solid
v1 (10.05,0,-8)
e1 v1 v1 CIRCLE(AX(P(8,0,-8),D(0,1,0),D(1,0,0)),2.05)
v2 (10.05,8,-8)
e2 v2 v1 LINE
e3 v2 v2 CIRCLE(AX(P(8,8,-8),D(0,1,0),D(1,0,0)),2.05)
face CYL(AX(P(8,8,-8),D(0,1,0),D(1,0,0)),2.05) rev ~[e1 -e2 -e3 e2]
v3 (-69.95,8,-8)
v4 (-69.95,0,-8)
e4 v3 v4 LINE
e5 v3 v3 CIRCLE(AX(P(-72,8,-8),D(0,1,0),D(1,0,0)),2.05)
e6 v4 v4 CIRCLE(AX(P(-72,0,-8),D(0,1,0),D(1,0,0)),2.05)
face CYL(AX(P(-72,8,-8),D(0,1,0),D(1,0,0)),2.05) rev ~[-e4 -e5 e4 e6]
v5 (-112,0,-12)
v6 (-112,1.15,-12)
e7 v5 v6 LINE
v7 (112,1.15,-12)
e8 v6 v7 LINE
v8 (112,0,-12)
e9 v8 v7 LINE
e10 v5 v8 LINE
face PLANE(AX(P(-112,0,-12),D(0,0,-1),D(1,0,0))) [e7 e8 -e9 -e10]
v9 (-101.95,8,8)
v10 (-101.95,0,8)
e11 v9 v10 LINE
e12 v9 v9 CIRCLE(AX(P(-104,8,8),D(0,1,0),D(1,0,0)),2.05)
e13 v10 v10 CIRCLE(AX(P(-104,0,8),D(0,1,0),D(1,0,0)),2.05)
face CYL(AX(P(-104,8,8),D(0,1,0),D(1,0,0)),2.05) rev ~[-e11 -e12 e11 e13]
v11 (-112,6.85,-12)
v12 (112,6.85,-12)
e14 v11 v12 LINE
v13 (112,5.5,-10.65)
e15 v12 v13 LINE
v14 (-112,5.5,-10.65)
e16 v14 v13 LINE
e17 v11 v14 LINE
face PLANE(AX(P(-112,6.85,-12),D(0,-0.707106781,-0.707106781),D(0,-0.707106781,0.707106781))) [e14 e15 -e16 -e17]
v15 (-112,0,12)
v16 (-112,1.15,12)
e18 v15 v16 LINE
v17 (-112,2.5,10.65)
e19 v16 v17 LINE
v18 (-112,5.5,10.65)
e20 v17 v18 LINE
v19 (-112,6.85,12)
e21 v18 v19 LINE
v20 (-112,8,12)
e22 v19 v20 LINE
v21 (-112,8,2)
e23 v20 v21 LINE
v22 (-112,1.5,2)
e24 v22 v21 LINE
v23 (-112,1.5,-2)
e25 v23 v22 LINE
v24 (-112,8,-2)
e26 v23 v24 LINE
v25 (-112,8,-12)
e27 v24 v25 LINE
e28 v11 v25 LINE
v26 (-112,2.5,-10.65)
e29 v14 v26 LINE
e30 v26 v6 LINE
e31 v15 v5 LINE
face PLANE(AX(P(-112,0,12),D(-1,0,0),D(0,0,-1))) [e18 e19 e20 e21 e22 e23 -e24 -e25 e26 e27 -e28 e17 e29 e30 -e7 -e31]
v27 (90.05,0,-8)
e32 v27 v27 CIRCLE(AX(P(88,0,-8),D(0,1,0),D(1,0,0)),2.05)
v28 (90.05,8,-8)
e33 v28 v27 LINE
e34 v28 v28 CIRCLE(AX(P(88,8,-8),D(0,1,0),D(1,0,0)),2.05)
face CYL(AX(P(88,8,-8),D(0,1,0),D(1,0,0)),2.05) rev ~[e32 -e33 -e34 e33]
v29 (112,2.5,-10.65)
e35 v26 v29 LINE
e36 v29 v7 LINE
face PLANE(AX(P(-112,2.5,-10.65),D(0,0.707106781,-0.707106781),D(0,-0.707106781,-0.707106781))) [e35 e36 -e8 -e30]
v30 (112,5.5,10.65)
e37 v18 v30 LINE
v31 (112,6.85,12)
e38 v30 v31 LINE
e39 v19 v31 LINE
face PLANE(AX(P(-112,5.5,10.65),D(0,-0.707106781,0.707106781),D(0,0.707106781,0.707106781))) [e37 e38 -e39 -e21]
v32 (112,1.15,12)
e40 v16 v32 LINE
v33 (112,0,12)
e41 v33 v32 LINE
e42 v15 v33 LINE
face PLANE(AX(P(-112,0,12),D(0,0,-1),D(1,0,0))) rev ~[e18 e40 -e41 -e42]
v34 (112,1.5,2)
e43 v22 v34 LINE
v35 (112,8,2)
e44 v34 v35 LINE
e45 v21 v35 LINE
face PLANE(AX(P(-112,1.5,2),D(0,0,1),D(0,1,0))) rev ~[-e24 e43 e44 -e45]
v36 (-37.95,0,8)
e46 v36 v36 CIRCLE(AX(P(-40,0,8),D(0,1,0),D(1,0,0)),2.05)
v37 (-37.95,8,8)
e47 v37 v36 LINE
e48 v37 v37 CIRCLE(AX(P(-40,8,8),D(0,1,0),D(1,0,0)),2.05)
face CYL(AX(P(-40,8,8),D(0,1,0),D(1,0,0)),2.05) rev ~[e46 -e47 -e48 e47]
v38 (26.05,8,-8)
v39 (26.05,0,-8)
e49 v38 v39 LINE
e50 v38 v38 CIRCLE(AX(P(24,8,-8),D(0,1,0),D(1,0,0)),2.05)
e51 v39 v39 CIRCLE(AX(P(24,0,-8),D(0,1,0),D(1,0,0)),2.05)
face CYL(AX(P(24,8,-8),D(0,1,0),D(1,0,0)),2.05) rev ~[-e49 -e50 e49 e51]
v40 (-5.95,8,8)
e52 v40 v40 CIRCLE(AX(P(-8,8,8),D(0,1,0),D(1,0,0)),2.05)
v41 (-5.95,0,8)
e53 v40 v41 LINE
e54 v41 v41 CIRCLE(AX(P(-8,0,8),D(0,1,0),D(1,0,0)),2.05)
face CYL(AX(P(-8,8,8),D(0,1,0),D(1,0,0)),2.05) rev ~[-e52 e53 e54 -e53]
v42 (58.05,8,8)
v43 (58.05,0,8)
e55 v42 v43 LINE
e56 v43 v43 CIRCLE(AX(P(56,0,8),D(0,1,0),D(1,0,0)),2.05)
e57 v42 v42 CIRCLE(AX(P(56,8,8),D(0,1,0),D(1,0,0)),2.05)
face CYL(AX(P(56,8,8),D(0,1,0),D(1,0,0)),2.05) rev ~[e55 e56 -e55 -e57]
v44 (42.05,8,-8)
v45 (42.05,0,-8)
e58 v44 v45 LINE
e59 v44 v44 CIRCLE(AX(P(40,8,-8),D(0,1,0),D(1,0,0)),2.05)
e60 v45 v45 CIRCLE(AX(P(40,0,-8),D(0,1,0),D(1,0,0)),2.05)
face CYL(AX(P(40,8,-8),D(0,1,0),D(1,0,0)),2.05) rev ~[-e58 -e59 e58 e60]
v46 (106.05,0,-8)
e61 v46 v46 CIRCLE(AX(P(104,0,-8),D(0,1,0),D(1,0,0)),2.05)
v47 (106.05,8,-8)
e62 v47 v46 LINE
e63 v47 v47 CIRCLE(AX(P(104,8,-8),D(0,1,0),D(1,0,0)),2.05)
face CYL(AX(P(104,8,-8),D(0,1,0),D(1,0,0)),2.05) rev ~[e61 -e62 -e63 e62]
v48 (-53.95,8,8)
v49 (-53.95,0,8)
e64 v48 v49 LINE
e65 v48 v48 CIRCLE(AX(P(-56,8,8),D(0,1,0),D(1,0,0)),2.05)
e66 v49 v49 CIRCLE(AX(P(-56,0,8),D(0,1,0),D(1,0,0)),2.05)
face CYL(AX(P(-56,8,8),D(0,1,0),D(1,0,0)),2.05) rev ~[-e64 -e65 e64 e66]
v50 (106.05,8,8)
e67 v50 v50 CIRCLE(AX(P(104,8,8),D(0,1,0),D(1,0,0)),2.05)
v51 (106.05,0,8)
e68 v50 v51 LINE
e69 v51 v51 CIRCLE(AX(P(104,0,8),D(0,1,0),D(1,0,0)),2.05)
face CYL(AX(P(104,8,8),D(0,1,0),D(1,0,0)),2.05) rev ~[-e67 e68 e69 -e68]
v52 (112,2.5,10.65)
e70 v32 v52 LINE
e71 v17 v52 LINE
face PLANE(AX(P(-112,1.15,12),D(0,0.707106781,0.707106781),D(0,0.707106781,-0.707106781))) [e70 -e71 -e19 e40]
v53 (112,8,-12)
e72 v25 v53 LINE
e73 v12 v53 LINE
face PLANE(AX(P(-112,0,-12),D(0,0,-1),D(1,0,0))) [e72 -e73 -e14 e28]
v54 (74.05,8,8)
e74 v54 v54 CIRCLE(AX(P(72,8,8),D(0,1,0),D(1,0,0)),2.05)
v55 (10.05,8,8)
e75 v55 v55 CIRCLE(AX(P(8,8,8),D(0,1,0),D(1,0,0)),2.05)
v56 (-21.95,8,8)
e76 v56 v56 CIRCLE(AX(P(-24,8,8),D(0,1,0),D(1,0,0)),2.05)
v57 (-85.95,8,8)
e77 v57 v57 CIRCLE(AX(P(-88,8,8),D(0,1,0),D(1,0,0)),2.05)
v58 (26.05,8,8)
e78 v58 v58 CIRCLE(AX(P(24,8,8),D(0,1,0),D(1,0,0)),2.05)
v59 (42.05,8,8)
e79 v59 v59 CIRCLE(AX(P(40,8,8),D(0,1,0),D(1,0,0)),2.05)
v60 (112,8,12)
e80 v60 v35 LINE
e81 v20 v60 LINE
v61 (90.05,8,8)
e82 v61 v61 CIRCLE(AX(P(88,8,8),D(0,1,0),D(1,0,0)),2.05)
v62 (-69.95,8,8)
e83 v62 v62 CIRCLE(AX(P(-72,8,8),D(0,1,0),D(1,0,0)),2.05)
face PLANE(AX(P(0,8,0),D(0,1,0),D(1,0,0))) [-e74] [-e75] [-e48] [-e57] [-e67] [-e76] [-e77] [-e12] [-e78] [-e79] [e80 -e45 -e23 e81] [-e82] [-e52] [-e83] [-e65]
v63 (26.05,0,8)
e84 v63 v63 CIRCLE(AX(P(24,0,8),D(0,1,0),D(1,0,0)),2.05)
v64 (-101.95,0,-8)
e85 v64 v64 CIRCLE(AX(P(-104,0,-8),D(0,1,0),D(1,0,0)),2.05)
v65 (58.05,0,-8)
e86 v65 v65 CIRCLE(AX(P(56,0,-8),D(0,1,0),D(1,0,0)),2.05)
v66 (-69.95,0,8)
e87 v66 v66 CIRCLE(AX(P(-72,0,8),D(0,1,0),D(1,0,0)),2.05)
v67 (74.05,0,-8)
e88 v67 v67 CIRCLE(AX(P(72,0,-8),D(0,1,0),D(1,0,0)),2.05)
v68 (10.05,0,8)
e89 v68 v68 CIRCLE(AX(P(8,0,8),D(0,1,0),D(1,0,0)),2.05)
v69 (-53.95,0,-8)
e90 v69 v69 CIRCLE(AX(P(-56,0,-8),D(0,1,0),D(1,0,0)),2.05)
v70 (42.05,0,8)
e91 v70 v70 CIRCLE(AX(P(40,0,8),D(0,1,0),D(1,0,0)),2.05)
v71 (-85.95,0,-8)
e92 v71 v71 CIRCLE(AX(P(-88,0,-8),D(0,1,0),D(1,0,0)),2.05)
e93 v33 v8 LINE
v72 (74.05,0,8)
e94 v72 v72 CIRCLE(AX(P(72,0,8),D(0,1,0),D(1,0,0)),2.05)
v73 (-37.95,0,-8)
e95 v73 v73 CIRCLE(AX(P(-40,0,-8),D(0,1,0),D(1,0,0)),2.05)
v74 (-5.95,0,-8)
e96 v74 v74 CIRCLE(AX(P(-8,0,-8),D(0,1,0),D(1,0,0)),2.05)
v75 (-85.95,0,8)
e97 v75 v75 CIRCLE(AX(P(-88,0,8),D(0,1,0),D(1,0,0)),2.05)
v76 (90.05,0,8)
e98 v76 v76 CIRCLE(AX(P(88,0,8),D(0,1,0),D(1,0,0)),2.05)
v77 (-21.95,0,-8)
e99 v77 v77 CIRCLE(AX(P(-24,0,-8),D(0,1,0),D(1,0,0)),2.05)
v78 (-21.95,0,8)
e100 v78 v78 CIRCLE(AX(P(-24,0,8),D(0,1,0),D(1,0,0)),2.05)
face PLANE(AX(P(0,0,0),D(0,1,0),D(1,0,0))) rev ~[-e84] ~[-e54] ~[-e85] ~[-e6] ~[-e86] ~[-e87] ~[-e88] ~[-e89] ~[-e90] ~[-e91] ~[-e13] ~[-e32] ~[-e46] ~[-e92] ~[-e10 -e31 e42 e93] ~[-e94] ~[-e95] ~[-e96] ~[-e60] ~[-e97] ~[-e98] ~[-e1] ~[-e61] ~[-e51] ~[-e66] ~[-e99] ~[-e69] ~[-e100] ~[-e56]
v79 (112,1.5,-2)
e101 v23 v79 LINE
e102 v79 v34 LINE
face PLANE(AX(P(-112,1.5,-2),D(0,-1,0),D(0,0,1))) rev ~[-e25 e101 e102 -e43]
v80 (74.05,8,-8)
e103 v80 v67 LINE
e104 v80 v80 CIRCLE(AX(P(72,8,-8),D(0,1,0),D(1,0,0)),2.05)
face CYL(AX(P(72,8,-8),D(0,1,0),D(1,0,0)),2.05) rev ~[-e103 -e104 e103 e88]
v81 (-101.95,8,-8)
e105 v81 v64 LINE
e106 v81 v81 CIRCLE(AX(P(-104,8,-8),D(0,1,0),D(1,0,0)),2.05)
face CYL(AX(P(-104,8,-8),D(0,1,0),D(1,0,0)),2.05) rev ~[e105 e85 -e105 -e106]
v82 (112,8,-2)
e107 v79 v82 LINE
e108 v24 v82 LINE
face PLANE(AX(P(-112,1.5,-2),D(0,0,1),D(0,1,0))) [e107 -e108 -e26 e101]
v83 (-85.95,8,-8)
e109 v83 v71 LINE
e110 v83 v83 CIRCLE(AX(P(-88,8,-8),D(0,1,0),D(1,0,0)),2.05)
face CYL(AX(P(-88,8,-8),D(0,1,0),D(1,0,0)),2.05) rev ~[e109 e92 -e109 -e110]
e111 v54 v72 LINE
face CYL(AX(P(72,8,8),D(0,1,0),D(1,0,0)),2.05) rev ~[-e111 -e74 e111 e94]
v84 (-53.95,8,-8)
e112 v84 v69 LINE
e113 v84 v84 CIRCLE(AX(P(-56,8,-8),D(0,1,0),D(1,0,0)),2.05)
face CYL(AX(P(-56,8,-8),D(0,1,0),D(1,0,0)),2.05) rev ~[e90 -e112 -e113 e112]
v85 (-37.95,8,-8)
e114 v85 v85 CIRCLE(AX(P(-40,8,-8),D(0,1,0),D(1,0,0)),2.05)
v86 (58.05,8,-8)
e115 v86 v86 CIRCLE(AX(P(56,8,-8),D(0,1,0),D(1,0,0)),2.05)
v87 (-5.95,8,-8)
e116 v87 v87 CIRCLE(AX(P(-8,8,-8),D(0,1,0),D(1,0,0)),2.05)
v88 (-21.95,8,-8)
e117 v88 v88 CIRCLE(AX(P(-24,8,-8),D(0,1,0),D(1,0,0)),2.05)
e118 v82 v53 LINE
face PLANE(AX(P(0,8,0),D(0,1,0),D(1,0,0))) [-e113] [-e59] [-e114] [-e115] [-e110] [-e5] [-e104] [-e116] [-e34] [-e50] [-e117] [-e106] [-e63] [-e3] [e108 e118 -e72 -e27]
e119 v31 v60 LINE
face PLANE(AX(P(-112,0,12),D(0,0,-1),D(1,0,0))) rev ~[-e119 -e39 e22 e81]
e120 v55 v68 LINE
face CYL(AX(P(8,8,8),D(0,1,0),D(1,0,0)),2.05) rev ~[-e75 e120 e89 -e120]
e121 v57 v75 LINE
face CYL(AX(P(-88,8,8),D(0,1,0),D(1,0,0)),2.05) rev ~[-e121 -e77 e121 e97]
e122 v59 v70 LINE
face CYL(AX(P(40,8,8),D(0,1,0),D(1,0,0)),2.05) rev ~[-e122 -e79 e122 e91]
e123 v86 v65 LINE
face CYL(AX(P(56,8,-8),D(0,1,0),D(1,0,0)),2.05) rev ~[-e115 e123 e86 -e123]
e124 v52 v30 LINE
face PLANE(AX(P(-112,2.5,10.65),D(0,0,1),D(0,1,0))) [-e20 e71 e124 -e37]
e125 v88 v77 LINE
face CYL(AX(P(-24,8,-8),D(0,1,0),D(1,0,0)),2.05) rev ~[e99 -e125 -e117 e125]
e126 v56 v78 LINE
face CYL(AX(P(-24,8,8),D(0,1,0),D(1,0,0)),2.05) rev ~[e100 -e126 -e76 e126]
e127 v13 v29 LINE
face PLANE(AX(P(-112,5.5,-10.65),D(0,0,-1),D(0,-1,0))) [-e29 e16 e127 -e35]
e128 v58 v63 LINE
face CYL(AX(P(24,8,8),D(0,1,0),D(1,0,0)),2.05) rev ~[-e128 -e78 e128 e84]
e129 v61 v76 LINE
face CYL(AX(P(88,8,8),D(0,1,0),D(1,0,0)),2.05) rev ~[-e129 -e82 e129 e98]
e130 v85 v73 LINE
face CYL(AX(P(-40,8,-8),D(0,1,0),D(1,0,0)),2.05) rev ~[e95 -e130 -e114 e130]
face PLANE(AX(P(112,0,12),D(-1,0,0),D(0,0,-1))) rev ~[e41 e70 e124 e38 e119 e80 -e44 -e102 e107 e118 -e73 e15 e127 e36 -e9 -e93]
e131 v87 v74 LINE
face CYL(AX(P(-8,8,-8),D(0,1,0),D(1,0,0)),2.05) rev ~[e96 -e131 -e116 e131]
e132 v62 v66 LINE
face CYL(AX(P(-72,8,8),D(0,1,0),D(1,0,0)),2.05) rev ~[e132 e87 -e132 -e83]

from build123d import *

# Parameters (mm, degrees)
SKETCH1_W           = 224
SKETCH1_H           = 24
BOSS_EXTRUDE1_DEPTH = 8
SKETCH2_R           = 2.05
CUT_EXTRUDE1_DEPTH  = 9
SKETCH3_W           = 4
SKETCH3_H           = 6.5
CUT_EXTRUDE2_DEPTH  = 225


with BuildPart() as part:
    # Sketch1 → Boss-Extrude1 (new body)
    with BuildSketch(Plane(origin=(0, 0, 0), x_dir=(1, 0, 0), z_dir=(0, 1, 0))):
        Rectangle(SKETCH1_W, SKETCH1_H)
    extrude(amount=BOSS_EXTRUDE1_DEPTH)

    # Sketch2 → Cut-Extrude1 (cut, through all)
    with BuildSketch(Plane(origin=(0, 8, 0), x_dir=(1, 0, 0), z_dir=(0, 1, 0))):
        with Locations((-104, 8)):
            Circle(SKETCH2_R)
        with Locations((-88, 8)):
            Circle(SKETCH2_R)
        with Locations((-72, 8)):
            Circle(SKETCH2_R)
        with Locations((-56, 8)):
            Circle(SKETCH2_R)
        with Locations((-40, 8)):
            Circle(SKETCH2_R)
        with Locations((-24, 8)):
            Circle(SKETCH2_R)
        with Locations((-8, 8)):
            Circle(SKETCH2_R)
        with Locations((8, 8)):
            Circle(SKETCH2_R)
        with Locations((24, 8)):
            Circle(SKETCH2_R)
        with Locations((40, 8)):
            Circle(SKETCH2_R)
        with Locations((56, 8)):
            Circle(SKETCH2_R)
        with Locations((72, 8)):
            Circle(SKETCH2_R)
        with Locations((88, 8)):
            Circle(SKETCH2_R)
        with Locations((104, 8)):
            Circle(SKETCH2_R)
        with Locations((-88, -8)):
            Circle(SKETCH2_R)
        with Locations((-72, -8)):
            Circle(SKETCH2_R)
        with Locations((-56, -8)):
            Circle(SKETCH2_R)
        with Locations((-40, -8)):
            Circle(SKETCH2_R)
        with Locations((-24, -8)):
            Circle(SKETCH2_R)
        with Locations((-8, -8)):
            Circle(SKETCH2_R)
        with Locations((8, -8)):
            Circle(SKETCH2_R)
        with Locations((24, -8)):
            Circle(SKETCH2_R)
        with Locations((40, -8)):
            Circle(SKETCH2_R)
        with Locations((56, -8)):
            Circle(SKETCH2_R)
        with Locations((72, -8)):
            Circle(SKETCH2_R)
        with Locations((88, -8)):
            Circle(SKETCH2_R)
        with Locations((104, -8)):
            Circle(SKETCH2_R)
        with Locations((-104, -8)):
            Circle(SKETCH2_R)
    extrude(amount=-CUT_EXTRUDE1_DEPTH, mode=Mode.SUBTRACT)

    # Sketch3 → Cut-Extrude2 (cut, through all)
    with BuildSketch(Plane.ZY.offset(112)):
        with Locations((0, 4.75)):
            Rectangle(SKETCH3_W, SKETCH3_H)
        Polygon((-12, 6.85), (-10.65, 5.5), (-10.65, 2.5), (-12, 1.15), align=None)
        Polygon((12, 6.85), (12, 1.15), (10.65, 2.5), (10.65, 5.5), align=None)
    extrude(amount=-CUT_EXTRUDE2_DEPTH, mode=Mode.SUBTRACT)


solid = part.part
